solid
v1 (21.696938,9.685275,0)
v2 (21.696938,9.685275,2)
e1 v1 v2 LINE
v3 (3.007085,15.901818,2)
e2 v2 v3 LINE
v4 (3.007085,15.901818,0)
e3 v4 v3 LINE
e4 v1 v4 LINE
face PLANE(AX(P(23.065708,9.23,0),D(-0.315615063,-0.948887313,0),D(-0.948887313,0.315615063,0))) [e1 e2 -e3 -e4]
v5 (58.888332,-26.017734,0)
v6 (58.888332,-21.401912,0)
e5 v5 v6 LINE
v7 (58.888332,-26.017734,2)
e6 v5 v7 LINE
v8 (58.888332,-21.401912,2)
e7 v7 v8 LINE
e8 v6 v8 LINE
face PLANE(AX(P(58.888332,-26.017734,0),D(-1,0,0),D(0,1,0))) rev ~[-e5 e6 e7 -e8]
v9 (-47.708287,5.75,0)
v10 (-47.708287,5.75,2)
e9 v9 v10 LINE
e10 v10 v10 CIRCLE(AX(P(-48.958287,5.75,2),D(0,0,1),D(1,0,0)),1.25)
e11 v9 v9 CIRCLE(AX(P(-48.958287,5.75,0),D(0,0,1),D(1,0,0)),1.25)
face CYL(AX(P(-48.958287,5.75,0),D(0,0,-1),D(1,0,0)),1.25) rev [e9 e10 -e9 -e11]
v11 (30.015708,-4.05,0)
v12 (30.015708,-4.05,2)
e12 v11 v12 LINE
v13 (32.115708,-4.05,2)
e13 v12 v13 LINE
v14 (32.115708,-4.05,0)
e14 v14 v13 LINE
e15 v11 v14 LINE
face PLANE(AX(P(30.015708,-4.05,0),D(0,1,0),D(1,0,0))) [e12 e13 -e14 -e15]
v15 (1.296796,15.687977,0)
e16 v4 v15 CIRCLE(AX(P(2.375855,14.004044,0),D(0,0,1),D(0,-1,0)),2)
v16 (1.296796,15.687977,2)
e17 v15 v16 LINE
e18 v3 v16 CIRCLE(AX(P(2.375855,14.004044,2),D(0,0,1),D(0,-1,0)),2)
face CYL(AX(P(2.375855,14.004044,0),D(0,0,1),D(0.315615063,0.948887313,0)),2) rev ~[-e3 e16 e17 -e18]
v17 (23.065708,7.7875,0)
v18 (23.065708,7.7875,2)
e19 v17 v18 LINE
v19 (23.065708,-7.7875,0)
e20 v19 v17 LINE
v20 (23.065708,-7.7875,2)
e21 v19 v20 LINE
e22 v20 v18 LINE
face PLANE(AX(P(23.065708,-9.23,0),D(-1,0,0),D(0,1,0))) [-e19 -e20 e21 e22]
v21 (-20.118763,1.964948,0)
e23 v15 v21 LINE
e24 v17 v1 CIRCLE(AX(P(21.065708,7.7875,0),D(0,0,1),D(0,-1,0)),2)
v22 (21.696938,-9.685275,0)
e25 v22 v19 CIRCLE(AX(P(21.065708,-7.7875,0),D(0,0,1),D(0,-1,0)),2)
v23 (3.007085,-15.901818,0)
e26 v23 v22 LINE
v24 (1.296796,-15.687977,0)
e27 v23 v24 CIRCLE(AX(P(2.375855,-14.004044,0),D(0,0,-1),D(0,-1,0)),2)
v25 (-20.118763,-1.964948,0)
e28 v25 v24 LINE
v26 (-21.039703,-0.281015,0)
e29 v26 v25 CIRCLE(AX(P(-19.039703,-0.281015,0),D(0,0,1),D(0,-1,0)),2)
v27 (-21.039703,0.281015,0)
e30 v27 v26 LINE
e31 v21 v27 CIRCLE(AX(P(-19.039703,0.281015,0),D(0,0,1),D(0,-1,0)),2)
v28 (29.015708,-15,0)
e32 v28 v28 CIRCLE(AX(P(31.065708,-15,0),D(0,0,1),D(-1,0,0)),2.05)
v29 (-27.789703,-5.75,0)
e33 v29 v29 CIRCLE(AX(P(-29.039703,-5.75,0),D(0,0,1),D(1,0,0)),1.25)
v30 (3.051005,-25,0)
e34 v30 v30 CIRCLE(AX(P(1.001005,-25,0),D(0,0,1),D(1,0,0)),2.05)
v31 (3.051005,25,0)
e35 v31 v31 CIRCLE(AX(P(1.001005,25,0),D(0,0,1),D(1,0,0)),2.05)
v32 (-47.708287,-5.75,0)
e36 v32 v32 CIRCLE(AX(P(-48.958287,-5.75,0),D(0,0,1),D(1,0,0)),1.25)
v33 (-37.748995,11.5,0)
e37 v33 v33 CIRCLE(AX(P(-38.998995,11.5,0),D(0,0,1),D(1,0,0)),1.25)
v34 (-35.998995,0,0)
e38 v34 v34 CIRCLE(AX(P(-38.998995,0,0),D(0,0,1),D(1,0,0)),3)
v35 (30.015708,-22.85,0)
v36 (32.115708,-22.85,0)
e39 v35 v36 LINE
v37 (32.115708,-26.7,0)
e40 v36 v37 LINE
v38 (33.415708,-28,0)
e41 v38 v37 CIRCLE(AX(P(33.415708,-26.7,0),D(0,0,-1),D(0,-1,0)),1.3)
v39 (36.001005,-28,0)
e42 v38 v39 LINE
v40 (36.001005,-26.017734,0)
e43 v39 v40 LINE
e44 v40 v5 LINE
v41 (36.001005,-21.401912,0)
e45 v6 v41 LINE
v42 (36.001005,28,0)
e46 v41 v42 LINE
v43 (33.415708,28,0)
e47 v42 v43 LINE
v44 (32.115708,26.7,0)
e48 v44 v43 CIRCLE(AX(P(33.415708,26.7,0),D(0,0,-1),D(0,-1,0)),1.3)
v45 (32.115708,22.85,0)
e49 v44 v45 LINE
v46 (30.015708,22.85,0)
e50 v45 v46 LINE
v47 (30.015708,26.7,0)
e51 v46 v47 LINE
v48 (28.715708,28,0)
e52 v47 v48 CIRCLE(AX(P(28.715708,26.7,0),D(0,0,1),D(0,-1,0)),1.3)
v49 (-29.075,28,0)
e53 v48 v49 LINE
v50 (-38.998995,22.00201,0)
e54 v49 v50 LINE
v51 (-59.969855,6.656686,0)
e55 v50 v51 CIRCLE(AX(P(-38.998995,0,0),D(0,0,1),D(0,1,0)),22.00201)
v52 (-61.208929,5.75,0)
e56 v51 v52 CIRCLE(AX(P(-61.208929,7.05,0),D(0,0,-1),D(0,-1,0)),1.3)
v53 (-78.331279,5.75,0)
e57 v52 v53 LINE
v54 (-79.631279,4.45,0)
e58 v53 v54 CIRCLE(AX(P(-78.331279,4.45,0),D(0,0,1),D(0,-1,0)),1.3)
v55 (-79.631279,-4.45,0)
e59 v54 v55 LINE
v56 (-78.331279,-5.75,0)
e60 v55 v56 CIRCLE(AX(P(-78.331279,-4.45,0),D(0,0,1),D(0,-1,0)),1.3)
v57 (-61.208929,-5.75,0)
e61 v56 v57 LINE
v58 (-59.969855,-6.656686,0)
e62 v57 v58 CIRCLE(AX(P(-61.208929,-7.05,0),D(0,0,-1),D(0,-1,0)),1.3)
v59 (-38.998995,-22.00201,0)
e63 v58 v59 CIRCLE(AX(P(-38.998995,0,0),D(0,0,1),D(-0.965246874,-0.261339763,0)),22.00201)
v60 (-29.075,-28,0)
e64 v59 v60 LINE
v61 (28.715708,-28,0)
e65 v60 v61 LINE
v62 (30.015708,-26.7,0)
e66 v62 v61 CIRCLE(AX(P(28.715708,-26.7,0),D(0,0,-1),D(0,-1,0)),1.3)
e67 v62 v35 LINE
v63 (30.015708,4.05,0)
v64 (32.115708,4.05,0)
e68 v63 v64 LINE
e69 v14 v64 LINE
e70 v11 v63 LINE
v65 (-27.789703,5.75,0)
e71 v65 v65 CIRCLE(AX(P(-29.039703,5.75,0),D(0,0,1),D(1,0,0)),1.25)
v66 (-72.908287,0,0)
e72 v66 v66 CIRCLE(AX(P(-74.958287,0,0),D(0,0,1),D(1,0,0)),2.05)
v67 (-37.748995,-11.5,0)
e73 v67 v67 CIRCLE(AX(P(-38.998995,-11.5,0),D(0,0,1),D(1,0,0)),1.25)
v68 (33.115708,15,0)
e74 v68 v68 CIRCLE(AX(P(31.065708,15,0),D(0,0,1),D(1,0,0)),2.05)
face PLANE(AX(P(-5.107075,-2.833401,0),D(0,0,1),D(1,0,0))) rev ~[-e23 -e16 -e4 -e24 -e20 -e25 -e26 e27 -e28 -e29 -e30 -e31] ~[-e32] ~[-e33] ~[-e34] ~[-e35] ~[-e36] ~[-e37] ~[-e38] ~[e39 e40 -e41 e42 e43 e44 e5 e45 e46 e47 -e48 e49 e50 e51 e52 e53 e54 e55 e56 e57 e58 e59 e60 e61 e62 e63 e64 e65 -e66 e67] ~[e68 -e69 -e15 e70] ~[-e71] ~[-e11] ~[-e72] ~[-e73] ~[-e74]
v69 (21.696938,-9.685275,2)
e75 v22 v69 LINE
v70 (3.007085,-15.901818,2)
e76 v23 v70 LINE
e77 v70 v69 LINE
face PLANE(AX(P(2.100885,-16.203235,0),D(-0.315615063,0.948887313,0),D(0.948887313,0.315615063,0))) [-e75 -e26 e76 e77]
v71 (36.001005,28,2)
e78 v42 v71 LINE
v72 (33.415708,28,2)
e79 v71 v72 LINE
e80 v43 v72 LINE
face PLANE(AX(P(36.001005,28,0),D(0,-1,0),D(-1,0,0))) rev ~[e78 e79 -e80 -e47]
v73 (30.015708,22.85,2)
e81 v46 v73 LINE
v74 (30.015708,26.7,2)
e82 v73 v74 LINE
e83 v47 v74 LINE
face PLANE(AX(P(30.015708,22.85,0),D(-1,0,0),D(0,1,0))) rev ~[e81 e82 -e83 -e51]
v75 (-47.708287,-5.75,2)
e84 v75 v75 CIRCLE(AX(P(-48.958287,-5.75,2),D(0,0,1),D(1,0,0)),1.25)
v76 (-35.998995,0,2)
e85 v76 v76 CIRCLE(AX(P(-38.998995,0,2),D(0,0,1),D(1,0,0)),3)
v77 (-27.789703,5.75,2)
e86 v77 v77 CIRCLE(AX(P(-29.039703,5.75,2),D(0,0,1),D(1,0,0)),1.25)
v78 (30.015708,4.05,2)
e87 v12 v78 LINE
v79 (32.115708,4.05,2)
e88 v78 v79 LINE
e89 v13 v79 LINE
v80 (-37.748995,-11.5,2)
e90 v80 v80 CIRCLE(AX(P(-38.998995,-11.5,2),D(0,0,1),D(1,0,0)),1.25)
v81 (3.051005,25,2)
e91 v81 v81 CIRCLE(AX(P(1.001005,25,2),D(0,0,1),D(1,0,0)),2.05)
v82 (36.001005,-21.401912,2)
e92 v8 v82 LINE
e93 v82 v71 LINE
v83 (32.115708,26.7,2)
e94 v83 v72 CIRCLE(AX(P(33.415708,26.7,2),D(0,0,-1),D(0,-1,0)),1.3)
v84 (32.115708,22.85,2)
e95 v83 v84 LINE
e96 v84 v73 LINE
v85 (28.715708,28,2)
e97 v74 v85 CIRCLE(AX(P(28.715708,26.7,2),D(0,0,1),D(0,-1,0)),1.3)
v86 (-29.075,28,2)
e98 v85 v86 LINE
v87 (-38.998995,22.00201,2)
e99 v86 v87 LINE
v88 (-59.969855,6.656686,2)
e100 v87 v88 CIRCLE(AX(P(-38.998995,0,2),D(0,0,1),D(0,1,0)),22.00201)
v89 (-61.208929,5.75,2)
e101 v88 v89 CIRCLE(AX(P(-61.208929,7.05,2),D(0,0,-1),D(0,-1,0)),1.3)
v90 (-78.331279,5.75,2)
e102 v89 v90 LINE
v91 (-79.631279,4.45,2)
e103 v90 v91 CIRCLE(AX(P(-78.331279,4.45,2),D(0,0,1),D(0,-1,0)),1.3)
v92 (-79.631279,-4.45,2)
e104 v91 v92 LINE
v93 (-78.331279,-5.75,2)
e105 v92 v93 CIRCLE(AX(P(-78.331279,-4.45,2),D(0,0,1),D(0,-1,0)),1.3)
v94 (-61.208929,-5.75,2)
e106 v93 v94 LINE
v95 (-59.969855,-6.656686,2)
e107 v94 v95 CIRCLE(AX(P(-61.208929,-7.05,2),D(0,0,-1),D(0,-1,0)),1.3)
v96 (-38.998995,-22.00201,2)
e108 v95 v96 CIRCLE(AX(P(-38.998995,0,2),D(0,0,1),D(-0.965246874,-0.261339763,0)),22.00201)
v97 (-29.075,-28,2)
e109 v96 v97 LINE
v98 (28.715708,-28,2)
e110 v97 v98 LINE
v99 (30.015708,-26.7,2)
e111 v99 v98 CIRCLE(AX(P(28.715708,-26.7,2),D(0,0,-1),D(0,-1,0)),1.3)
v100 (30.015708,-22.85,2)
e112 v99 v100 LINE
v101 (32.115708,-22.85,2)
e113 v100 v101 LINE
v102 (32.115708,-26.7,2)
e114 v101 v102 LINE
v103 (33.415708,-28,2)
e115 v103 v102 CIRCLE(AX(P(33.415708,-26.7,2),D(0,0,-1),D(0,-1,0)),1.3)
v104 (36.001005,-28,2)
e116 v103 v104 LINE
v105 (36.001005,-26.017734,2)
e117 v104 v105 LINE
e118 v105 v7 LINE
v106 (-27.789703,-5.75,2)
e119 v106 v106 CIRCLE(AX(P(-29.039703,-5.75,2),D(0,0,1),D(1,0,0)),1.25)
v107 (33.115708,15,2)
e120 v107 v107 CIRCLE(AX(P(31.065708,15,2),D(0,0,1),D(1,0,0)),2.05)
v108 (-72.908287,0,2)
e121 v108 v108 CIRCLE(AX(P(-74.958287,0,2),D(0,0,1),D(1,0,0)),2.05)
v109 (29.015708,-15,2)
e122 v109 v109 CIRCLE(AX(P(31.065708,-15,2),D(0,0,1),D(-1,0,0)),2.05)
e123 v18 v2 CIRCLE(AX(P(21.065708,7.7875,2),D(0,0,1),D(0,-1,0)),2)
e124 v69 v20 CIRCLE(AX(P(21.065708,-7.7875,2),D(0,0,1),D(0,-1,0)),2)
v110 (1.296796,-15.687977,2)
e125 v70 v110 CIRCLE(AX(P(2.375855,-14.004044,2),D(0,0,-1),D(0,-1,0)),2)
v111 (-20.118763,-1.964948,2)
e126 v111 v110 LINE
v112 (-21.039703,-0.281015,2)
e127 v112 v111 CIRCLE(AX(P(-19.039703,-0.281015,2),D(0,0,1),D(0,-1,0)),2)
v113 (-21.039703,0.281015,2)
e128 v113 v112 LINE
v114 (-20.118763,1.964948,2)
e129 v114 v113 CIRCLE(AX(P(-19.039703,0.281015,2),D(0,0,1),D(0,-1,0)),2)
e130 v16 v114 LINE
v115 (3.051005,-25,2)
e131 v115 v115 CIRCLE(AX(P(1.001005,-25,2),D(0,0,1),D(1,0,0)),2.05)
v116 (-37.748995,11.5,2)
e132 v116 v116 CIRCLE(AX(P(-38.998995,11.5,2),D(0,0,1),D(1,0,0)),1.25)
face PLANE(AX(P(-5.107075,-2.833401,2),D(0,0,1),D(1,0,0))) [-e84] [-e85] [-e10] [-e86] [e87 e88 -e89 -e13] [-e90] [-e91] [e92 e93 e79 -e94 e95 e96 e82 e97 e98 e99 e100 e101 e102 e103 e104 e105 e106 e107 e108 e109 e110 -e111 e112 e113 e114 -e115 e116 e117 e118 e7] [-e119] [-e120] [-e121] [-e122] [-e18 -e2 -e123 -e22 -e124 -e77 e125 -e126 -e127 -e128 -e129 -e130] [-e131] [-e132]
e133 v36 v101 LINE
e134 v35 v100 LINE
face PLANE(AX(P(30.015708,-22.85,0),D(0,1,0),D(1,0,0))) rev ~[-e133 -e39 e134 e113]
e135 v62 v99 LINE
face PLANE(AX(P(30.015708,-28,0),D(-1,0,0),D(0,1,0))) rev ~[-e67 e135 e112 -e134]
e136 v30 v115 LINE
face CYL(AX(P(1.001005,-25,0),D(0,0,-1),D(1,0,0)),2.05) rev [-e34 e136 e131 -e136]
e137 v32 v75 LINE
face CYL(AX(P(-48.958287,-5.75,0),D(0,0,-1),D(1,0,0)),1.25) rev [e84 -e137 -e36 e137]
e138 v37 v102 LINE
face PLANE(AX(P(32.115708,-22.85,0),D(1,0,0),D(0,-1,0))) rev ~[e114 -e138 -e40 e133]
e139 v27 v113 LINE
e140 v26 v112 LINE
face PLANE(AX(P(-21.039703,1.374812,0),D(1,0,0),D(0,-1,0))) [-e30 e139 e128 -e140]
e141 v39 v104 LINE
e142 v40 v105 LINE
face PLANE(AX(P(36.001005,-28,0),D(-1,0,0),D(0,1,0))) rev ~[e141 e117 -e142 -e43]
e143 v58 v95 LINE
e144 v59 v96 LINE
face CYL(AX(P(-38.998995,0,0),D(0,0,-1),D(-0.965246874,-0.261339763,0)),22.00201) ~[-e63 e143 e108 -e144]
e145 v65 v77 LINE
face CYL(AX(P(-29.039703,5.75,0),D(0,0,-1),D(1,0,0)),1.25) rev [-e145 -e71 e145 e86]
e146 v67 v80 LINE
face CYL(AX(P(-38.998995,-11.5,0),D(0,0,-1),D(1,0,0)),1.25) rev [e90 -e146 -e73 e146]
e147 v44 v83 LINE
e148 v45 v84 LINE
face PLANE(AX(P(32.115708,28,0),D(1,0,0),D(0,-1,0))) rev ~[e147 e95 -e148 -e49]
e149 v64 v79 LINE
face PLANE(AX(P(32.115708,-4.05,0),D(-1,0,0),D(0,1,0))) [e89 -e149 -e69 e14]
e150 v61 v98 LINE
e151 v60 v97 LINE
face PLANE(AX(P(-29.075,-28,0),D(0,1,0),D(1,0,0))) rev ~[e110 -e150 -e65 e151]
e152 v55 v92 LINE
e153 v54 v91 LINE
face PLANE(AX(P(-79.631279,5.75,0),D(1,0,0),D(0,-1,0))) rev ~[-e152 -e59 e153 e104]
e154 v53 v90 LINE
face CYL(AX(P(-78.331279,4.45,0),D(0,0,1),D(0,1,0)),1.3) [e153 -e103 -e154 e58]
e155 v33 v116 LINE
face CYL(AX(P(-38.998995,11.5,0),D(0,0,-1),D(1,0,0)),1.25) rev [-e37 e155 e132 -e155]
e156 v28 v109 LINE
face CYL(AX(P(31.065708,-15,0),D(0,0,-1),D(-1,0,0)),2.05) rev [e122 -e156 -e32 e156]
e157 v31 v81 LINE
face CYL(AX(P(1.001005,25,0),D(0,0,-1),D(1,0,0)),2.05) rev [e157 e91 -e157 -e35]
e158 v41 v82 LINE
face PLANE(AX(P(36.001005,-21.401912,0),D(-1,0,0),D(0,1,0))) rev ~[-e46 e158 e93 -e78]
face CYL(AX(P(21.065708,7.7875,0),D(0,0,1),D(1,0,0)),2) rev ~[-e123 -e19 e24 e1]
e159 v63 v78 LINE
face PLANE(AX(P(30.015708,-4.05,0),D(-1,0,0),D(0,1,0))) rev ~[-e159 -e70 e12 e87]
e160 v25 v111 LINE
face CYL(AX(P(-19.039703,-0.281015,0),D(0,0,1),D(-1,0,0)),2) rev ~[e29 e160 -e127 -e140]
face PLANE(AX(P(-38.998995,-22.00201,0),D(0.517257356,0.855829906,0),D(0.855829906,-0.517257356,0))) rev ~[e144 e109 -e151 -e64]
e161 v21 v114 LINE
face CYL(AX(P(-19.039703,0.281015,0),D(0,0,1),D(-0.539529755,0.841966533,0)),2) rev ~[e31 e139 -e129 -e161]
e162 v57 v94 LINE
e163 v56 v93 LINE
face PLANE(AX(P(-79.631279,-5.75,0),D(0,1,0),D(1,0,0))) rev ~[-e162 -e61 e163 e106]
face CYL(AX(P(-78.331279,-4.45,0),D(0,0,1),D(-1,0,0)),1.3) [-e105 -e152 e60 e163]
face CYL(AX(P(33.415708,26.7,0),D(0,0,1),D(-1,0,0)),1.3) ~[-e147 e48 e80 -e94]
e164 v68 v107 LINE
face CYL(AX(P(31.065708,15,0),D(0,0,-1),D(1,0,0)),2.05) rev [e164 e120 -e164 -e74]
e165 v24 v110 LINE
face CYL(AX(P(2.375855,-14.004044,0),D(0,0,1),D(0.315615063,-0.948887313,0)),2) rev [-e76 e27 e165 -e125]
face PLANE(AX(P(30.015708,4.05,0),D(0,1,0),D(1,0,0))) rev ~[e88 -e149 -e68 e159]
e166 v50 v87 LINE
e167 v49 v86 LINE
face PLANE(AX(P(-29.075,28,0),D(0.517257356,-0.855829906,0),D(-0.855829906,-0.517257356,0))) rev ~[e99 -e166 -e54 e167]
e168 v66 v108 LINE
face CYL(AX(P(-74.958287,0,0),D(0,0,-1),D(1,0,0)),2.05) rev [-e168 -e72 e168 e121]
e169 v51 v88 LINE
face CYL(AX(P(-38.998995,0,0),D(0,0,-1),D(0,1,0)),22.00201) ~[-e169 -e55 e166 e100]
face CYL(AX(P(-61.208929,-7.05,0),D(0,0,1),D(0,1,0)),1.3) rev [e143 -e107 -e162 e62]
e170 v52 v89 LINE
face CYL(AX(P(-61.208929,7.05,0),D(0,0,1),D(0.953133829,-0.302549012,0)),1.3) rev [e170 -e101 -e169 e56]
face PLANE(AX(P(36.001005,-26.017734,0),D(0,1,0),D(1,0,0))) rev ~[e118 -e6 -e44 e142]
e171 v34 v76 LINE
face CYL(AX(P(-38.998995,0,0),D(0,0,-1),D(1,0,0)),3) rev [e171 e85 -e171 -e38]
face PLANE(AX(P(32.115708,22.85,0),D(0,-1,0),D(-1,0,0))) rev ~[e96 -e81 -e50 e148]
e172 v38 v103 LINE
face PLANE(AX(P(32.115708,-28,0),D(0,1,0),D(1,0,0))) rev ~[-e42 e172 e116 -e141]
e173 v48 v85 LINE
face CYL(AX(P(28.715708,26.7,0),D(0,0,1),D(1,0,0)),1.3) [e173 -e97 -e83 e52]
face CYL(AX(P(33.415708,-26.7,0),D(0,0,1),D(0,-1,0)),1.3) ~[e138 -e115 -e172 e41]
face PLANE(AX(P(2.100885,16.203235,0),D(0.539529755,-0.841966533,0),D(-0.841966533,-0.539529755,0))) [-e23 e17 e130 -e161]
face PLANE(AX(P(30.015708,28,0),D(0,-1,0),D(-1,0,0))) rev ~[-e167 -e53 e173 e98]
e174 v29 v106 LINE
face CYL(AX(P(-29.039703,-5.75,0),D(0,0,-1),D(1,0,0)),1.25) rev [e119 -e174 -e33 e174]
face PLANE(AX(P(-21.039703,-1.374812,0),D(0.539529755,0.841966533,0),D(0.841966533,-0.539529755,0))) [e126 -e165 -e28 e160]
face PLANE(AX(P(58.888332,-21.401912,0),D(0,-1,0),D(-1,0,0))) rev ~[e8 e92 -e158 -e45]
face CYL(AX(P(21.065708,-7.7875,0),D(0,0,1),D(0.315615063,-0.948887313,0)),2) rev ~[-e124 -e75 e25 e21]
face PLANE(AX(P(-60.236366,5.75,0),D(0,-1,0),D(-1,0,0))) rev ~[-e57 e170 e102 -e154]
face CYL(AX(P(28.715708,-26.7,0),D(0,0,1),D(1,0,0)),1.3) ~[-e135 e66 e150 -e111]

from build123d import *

# Parameters (mm, degrees)
SKETCH_1_R      = 2.05
SKETCH_1_R_2    = 3
SKETCH_1_R_3    = 1.25
SKETCH_1_W      = 2.1
SKETCH_1_H      = 8.1
EXTRUDE_1_DEPTH = 2
FILLET_1_R      = 1.3
FILLET_2_R      = 2


with BuildPart() as part:
    # 草图1 → 凸台-拉伸1 (new body)
    with BuildSketch(Plane.XY):
        with BuildLine():
            Line((32.115707856, 28), (32.115707856, 22.85))
            Line((32.115707856, 22.85), (30.015707856, 22.85))
            Line((30.015707856, 22.85), (30.015707856, 28))
            Line((30.015707856, 28), (-29.075, 28))
            Line((-29.075, 28), (-38.998995168, 22.002009663))
            ThreePointArc((-38.998995168, 22.002009663), (-52.370174504, 17.472835843), (-60.236366221, 5.75))
            Line((-60.236366221, 5.75), (-79.631279411, 5.75))
            Line((-79.631279411, 5.75), (-79.631279411, -5.75))
            Line((-79.631279411, -5.75), (-60.236366221, -5.75))
            ThreePointArc((-60.236366221, -5.75), (-52.370174504, -17.472835843), (-38.998995168, -22.002009663))
            Line((-38.998995168, -22.002009663), (-29.075, -28))
            Line((-29.075, -28), (30.015707856, -28))
            Line((30.015707856, -28), (30.015707856, -22.85))
            Line((30.015707856, -22.85), (32.115707856, -22.85))
            Line((32.115707856, -22.85), (32.115707856, -28))
            Line((32.115707856, -28), (36.001004832, -28))
            Line((36.001004832, -28), (36.001004832, -26.017733681))
            Line((36.001004832, -26.017733681), (58.888331717, -26.017733681))
            Line((58.888331717, -26.017733681), (58.888331717, -21.401911511))
            Line((58.888331717, -21.401911511), (36.001004832, -21.401911511))
            Line((36.001004832, -21.401911511), (36.001004832, 28))
            Line((36.001004832, 28), (32.115707856, 28))
        make_face()
        with Locations((31.065707856, 15)):
            Circle(SKETCH_1_R, mode=Mode.SUBTRACT)
        with Locations(Location((31.065707856, -15, 0), (0, 0, 180))):
            Circle(SKETCH_1_R, mode=Mode.SUBTRACT)
        with Locations((-38.998995168, 0)):
            Circle(SKETCH_1_R_2, mode=Mode.SUBTRACT)
        with Locations((-38.998995168, -11.5)):
            Circle(SKETCH_1_R_3, mode=Mode.SUBTRACT)
        with Locations((-48.958287312, -5.75)):
            Circle(SKETCH_1_R_3, mode=Mode.SUBTRACT)
        with Locations((-48.958287312, 5.75)):
            Circle(SKETCH_1_R_3, mode=Mode.SUBTRACT)
        with Locations((-38.998995168, 11.5)):
            Circle(SKETCH_1_R_3, mode=Mode.SUBTRACT)
        with Locations((-29.039703025, 5.75)):
            Circle(SKETCH_1_R_3, mode=Mode.SUBTRACT)
        with Locations((-29.039703025, -5.75)):
            Circle(SKETCH_1_R_3, mode=Mode.SUBTRACT)
        with Locations((1.001004832, -25)):
            Circle(SKETCH_1_R, mode=Mode.SUBTRACT)
        with Locations((1.001004832, 25)):
            Circle(SKETCH_1_R, mode=Mode.SUBTRACT)
        with Locations((-74.958287312, 0)):
            Circle(SKETCH_1_R, mode=Mode.SUBTRACT)
        with Locations((31.065707856, 0)):
            Rectangle(SKETCH_1_W, SKETCH_1_H, mode=Mode.SUBTRACT)
        Polygon((2.100885183, -16.20323489), (23.065707856, -9.230000311), (23.065707856, 9.230000311), (2.100885183, 16.20323489), (-21.039703025, 1.3748119), (-21.039703025, -1.3748119), align=None, mode=Mode.SUBTRACT)
    extrude(amount=EXTRUDE_1_DEPTH)

    # 圆角1
    fillet_1_edges = [part.edges().sort_by_distance(p)[0] for p in [
        (-60.236366221, -5.75, 1),
        (-79.631279411, -5.75, 1),
        (-79.631279411, 5.75, 1),
        (-60.236366221, 5.75, 1),
        (30.015707856, 28, 1),
        (32.115707856, 28, 1),
        (32.115707856, -28, 1),
        (30.015707856, -28, 1),
    ]]
    fillet(fillet_1_edges, radius=FILLET_1_R)

    # 圆角2
    fillet_2_edges = [part.edges().sort_by_distance(p)[0] for p in [
        (-21.039703025, -1.3748119, 1),
        (2.100885183, -16.20323489, 1),
        (23.065707856, -9.230000311, 1),
        (23.065707856, 9.230000311, 1),
        (2.100885183, 16.20323489, 1),
        (-21.039703025, 1.3748119, 1),
    ]]
    fillet(fillet_2_edges, radius=FILLET_2_R)


solid = part.part
